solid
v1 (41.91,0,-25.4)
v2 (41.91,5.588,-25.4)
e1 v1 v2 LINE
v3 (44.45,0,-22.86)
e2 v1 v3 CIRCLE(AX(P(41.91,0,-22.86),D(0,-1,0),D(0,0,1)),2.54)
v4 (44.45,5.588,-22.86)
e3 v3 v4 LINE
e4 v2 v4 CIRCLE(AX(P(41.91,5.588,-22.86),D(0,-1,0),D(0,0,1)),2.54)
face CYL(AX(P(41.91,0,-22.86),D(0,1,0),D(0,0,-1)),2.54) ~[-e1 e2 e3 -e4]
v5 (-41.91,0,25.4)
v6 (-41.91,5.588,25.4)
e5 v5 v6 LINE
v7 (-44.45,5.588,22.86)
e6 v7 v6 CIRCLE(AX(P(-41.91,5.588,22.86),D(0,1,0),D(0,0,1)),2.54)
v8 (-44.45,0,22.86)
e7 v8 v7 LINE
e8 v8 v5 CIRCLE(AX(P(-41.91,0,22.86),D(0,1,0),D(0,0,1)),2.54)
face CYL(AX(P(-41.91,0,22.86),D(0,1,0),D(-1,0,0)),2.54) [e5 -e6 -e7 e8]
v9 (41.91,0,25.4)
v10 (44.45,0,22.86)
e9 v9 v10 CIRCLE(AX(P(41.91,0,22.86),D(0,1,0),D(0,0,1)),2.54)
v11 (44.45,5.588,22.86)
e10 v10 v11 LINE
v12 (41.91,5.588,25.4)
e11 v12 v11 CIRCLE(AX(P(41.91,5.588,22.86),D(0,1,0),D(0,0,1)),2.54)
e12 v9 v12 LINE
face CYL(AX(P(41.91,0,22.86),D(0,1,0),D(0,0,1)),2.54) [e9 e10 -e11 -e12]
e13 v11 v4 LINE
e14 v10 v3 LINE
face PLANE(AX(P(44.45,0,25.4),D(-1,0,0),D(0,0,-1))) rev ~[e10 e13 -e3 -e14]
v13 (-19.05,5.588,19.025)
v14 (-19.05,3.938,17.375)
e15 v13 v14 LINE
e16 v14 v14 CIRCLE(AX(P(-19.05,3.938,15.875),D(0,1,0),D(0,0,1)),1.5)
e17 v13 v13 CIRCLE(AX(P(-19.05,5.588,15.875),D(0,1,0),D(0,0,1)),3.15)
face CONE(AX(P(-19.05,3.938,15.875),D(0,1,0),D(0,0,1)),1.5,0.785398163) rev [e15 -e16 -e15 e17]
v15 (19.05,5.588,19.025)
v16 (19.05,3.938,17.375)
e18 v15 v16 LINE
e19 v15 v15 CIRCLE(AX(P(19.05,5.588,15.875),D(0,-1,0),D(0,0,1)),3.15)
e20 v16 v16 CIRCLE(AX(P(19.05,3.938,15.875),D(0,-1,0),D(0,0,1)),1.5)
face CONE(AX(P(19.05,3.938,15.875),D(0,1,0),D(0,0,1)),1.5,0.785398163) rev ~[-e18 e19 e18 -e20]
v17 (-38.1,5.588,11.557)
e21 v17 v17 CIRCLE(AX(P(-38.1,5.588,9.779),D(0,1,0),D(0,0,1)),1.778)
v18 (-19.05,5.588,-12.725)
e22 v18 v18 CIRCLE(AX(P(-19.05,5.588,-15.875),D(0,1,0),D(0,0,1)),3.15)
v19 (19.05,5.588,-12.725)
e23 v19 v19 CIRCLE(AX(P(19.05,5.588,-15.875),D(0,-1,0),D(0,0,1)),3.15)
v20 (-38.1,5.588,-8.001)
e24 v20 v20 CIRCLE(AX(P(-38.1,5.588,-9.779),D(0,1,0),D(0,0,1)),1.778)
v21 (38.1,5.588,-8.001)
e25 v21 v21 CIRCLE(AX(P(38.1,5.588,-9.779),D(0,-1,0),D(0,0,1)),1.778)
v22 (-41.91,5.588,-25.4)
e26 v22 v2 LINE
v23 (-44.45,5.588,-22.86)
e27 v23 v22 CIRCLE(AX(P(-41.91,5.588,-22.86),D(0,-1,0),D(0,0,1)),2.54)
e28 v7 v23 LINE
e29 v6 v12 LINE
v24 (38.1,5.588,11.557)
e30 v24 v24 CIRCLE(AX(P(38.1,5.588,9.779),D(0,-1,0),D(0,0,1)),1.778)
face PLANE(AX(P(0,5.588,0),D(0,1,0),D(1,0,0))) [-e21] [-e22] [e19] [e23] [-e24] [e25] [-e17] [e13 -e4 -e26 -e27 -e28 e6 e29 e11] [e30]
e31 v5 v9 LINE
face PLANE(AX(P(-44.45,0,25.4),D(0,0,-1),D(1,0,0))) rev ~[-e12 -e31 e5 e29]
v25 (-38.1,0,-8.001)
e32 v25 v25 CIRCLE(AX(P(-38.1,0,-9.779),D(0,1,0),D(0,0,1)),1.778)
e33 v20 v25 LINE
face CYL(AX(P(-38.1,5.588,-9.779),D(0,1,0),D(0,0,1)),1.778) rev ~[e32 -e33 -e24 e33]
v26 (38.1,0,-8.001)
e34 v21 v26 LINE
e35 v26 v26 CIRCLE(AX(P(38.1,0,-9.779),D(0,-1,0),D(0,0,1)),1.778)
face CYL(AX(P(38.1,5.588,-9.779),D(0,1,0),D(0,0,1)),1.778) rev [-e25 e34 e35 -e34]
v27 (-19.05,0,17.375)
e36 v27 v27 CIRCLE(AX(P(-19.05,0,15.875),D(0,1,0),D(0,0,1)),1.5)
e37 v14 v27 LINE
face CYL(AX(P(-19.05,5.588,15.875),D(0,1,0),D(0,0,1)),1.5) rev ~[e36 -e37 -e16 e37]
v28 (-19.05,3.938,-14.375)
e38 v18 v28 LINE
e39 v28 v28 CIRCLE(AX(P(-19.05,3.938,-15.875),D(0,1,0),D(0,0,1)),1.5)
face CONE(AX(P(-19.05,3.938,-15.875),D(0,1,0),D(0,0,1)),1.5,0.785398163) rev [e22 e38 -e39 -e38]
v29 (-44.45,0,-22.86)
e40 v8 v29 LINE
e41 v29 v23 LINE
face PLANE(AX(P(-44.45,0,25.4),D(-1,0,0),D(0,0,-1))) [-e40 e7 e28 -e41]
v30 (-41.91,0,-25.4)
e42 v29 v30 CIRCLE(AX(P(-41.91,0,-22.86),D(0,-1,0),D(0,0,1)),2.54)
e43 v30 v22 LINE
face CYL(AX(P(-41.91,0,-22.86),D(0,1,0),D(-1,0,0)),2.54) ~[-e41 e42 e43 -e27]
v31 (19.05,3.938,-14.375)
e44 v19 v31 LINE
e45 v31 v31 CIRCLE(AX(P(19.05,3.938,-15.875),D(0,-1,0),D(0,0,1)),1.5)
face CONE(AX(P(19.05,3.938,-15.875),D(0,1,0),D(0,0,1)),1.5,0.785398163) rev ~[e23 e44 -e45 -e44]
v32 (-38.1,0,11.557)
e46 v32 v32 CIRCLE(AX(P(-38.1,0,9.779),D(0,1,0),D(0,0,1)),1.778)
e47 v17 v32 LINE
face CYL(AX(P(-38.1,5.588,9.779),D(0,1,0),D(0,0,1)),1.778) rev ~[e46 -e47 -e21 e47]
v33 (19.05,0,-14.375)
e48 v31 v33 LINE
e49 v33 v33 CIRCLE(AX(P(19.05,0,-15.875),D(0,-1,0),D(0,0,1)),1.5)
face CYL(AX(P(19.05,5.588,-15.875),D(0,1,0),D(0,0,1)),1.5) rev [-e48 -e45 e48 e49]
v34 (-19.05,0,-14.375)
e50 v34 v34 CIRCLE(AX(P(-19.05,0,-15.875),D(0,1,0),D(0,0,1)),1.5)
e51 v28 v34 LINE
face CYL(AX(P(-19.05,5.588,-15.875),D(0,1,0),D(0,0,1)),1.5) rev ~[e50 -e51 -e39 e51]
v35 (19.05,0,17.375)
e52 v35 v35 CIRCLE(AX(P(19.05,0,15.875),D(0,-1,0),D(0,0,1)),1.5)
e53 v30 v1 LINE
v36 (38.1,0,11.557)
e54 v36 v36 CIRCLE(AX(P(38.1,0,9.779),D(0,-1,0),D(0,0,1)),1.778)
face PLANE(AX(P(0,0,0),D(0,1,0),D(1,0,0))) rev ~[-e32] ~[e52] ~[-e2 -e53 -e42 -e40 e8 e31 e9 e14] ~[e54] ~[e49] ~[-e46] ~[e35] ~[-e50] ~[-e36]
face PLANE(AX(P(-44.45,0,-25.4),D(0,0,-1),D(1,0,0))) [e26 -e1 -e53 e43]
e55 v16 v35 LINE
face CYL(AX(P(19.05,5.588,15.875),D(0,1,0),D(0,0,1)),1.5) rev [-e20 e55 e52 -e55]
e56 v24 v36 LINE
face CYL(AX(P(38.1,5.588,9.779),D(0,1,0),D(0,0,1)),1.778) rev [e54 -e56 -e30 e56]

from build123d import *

# Parameters (mm, degrees)
SKETCH1_W           = 88.9
SKETCH1_H           = 50.8
BOSS_EXTRUDE1_DEPTH = 5.588
CUT_EXTRUDE1_REACH  = 53.499
SKETCH2_R           = 1.778
SKETCH2_R_2         = 1.5
FILLET1_R           = 2.54
CHAMFER1_SIZE       = 1.65


with BuildPart() as part:
    # Sketch1 → Boss-Extrude1 (new body)
    with BuildSketch(Plane(origin=(0, 0, 0), x_dir=(1, 0, 0), z_dir=(0, 1, 0))):
        Rectangle(SKETCH1_W, SKETCH1_H)
    extrude(amount=BOSS_EXTRUDE1_DEPTH)

    # Sketch2 → Cut-Extrude1 (cut, up to next)
    with BuildSketch(Plane(origin=(0, 5.588, 0), x_dir=(1, 0, 0), z_dir=(0, 1, 0)), mode=Mode.PRIVATE) as cut_extrude1_sk1:
        with Locations(Location((-38.1, -9.779, 0), (0, 0, 270))):
            Circle(SKETCH2_R)
    cut_extrude1_tool1 = extrude(cut_extrude1_sk1.sketch, amount=-CUT_EXTRUDE1_REACH, mode=Mode.PRIVATE) & part.part
    # Sketch2 → Cut-Extrude1 (cut, up to next)
    with BuildSketch(Plane(origin=(0, 5.588, 0), x_dir=(1, 0, 0), z_dir=(0, 1, 0)), mode=Mode.PRIVATE) as cut_extrude1_sk2:
        with Locations(Location((-38.1, 9.779, 0), (0, 0, 270))):
            Circle(SKETCH2_R)
    cut_extrude1_tool2 = extrude(cut_extrude1_sk2.sketch, amount=-CUT_EXTRUDE1_REACH, mode=Mode.PRIVATE) & part.part
    # Sketch2 → Cut-Extrude1 (cut, up to next)
    with BuildSketch(Plane(origin=(0, 5.588, 0), x_dir=(1, 0, 0), z_dir=(0, 1, 0)), mode=Mode.PRIVATE) as cut_extrude1_sk3:
        with Locations(Location((-19.05, -15.875, 0), (0, 0, 270))):
            Circle(SKETCH2_R_2)
    cut_extrude1_tool3 = extrude(cut_extrude1_sk3.sketch, amount=-CUT_EXTRUDE1_REACH, mode=Mode.PRIVATE) & part.part
    # Sketch2 → Cut-Extrude1 (cut, up to next)
    with BuildSketch(Plane(origin=(0, 5.588, 0), x_dir=(1, 0, 0), z_dir=(0, 1, 0)), mode=Mode.PRIVATE) as cut_extrude1_sk4:
        with Locations(Location((-19.05, 15.875, 0), (0, 0, 270))):
            Circle(SKETCH2_R_2)
    cut_extrude1_tool4 = extrude(cut_extrude1_sk4.sketch, amount=-CUT_EXTRUDE1_REACH, mode=Mode.PRIVATE) & part.part
    cut_extrude1_1 = cut_extrude1_tool1.solids().sort_by_distance((-38.1, 5.588, 9.779))[0]
    add(cut_extrude1_1, mode=Mode.SUBTRACT)
    cut_extrude1_2 = cut_extrude1_tool2.solids().sort_by_distance((-38.1, 5.588, -9.779))[0]
    add(cut_extrude1_2, mode=Mode.SUBTRACT)
    cut_extrude1_3 = cut_extrude1_tool3.solids().sort_by_distance((-19.05, 5.588, 15.875))[0]
    add(cut_extrude1_3, mode=Mode.SUBTRACT)
    cut_extrude1_4 = cut_extrude1_tool4.solids().sort_by_distance((-19.05, 5.588, -15.875))[0]
    add(cut_extrude1_4, mode=Mode.SUBTRACT)
    cut_extrude1 = cut_extrude1_1 + cut_extrude1_2 + cut_extrude1_3 + cut_extrude1_4  # Cut-Extrude1 as one shape, for the pattern or mirror that repeats it

    # Mirror1: Cut-Extrude1 across plane
    add(cut_extrude1.mirror(Plane(origin=(0, 0, 0), x_dir=(0, 0, 1), z_dir=(1, 0, 0))), mode=Mode.SUBTRACT)

    # Fillet1
    fillet1_edges = [part.edges().sort_by_distance(p)[0] for p in [
        (44.45, 2.794, 25.4),
        (-44.45, 2.794, 25.4),
        (-44.45, 2.794, -25.4),
        (44.45, 2.794, -25.4),
    ]]
    fillet(fillet1_edges, radius=FILLET1_R)

    # Chamfer1
    chamfer1_edges = [part.edges().sort_by_distance(p)[0] for p in [
        (-19.05, 5.588, -17.375),
        (-19.05, 5.588, 14.375),
        (19.05, 5.588, -17.375),
        (19.05, 5.588, 14.375),
    ]]
    chamfer(chamfer1_edges, length=CHAMFER1_SIZE)


solid = part.part
